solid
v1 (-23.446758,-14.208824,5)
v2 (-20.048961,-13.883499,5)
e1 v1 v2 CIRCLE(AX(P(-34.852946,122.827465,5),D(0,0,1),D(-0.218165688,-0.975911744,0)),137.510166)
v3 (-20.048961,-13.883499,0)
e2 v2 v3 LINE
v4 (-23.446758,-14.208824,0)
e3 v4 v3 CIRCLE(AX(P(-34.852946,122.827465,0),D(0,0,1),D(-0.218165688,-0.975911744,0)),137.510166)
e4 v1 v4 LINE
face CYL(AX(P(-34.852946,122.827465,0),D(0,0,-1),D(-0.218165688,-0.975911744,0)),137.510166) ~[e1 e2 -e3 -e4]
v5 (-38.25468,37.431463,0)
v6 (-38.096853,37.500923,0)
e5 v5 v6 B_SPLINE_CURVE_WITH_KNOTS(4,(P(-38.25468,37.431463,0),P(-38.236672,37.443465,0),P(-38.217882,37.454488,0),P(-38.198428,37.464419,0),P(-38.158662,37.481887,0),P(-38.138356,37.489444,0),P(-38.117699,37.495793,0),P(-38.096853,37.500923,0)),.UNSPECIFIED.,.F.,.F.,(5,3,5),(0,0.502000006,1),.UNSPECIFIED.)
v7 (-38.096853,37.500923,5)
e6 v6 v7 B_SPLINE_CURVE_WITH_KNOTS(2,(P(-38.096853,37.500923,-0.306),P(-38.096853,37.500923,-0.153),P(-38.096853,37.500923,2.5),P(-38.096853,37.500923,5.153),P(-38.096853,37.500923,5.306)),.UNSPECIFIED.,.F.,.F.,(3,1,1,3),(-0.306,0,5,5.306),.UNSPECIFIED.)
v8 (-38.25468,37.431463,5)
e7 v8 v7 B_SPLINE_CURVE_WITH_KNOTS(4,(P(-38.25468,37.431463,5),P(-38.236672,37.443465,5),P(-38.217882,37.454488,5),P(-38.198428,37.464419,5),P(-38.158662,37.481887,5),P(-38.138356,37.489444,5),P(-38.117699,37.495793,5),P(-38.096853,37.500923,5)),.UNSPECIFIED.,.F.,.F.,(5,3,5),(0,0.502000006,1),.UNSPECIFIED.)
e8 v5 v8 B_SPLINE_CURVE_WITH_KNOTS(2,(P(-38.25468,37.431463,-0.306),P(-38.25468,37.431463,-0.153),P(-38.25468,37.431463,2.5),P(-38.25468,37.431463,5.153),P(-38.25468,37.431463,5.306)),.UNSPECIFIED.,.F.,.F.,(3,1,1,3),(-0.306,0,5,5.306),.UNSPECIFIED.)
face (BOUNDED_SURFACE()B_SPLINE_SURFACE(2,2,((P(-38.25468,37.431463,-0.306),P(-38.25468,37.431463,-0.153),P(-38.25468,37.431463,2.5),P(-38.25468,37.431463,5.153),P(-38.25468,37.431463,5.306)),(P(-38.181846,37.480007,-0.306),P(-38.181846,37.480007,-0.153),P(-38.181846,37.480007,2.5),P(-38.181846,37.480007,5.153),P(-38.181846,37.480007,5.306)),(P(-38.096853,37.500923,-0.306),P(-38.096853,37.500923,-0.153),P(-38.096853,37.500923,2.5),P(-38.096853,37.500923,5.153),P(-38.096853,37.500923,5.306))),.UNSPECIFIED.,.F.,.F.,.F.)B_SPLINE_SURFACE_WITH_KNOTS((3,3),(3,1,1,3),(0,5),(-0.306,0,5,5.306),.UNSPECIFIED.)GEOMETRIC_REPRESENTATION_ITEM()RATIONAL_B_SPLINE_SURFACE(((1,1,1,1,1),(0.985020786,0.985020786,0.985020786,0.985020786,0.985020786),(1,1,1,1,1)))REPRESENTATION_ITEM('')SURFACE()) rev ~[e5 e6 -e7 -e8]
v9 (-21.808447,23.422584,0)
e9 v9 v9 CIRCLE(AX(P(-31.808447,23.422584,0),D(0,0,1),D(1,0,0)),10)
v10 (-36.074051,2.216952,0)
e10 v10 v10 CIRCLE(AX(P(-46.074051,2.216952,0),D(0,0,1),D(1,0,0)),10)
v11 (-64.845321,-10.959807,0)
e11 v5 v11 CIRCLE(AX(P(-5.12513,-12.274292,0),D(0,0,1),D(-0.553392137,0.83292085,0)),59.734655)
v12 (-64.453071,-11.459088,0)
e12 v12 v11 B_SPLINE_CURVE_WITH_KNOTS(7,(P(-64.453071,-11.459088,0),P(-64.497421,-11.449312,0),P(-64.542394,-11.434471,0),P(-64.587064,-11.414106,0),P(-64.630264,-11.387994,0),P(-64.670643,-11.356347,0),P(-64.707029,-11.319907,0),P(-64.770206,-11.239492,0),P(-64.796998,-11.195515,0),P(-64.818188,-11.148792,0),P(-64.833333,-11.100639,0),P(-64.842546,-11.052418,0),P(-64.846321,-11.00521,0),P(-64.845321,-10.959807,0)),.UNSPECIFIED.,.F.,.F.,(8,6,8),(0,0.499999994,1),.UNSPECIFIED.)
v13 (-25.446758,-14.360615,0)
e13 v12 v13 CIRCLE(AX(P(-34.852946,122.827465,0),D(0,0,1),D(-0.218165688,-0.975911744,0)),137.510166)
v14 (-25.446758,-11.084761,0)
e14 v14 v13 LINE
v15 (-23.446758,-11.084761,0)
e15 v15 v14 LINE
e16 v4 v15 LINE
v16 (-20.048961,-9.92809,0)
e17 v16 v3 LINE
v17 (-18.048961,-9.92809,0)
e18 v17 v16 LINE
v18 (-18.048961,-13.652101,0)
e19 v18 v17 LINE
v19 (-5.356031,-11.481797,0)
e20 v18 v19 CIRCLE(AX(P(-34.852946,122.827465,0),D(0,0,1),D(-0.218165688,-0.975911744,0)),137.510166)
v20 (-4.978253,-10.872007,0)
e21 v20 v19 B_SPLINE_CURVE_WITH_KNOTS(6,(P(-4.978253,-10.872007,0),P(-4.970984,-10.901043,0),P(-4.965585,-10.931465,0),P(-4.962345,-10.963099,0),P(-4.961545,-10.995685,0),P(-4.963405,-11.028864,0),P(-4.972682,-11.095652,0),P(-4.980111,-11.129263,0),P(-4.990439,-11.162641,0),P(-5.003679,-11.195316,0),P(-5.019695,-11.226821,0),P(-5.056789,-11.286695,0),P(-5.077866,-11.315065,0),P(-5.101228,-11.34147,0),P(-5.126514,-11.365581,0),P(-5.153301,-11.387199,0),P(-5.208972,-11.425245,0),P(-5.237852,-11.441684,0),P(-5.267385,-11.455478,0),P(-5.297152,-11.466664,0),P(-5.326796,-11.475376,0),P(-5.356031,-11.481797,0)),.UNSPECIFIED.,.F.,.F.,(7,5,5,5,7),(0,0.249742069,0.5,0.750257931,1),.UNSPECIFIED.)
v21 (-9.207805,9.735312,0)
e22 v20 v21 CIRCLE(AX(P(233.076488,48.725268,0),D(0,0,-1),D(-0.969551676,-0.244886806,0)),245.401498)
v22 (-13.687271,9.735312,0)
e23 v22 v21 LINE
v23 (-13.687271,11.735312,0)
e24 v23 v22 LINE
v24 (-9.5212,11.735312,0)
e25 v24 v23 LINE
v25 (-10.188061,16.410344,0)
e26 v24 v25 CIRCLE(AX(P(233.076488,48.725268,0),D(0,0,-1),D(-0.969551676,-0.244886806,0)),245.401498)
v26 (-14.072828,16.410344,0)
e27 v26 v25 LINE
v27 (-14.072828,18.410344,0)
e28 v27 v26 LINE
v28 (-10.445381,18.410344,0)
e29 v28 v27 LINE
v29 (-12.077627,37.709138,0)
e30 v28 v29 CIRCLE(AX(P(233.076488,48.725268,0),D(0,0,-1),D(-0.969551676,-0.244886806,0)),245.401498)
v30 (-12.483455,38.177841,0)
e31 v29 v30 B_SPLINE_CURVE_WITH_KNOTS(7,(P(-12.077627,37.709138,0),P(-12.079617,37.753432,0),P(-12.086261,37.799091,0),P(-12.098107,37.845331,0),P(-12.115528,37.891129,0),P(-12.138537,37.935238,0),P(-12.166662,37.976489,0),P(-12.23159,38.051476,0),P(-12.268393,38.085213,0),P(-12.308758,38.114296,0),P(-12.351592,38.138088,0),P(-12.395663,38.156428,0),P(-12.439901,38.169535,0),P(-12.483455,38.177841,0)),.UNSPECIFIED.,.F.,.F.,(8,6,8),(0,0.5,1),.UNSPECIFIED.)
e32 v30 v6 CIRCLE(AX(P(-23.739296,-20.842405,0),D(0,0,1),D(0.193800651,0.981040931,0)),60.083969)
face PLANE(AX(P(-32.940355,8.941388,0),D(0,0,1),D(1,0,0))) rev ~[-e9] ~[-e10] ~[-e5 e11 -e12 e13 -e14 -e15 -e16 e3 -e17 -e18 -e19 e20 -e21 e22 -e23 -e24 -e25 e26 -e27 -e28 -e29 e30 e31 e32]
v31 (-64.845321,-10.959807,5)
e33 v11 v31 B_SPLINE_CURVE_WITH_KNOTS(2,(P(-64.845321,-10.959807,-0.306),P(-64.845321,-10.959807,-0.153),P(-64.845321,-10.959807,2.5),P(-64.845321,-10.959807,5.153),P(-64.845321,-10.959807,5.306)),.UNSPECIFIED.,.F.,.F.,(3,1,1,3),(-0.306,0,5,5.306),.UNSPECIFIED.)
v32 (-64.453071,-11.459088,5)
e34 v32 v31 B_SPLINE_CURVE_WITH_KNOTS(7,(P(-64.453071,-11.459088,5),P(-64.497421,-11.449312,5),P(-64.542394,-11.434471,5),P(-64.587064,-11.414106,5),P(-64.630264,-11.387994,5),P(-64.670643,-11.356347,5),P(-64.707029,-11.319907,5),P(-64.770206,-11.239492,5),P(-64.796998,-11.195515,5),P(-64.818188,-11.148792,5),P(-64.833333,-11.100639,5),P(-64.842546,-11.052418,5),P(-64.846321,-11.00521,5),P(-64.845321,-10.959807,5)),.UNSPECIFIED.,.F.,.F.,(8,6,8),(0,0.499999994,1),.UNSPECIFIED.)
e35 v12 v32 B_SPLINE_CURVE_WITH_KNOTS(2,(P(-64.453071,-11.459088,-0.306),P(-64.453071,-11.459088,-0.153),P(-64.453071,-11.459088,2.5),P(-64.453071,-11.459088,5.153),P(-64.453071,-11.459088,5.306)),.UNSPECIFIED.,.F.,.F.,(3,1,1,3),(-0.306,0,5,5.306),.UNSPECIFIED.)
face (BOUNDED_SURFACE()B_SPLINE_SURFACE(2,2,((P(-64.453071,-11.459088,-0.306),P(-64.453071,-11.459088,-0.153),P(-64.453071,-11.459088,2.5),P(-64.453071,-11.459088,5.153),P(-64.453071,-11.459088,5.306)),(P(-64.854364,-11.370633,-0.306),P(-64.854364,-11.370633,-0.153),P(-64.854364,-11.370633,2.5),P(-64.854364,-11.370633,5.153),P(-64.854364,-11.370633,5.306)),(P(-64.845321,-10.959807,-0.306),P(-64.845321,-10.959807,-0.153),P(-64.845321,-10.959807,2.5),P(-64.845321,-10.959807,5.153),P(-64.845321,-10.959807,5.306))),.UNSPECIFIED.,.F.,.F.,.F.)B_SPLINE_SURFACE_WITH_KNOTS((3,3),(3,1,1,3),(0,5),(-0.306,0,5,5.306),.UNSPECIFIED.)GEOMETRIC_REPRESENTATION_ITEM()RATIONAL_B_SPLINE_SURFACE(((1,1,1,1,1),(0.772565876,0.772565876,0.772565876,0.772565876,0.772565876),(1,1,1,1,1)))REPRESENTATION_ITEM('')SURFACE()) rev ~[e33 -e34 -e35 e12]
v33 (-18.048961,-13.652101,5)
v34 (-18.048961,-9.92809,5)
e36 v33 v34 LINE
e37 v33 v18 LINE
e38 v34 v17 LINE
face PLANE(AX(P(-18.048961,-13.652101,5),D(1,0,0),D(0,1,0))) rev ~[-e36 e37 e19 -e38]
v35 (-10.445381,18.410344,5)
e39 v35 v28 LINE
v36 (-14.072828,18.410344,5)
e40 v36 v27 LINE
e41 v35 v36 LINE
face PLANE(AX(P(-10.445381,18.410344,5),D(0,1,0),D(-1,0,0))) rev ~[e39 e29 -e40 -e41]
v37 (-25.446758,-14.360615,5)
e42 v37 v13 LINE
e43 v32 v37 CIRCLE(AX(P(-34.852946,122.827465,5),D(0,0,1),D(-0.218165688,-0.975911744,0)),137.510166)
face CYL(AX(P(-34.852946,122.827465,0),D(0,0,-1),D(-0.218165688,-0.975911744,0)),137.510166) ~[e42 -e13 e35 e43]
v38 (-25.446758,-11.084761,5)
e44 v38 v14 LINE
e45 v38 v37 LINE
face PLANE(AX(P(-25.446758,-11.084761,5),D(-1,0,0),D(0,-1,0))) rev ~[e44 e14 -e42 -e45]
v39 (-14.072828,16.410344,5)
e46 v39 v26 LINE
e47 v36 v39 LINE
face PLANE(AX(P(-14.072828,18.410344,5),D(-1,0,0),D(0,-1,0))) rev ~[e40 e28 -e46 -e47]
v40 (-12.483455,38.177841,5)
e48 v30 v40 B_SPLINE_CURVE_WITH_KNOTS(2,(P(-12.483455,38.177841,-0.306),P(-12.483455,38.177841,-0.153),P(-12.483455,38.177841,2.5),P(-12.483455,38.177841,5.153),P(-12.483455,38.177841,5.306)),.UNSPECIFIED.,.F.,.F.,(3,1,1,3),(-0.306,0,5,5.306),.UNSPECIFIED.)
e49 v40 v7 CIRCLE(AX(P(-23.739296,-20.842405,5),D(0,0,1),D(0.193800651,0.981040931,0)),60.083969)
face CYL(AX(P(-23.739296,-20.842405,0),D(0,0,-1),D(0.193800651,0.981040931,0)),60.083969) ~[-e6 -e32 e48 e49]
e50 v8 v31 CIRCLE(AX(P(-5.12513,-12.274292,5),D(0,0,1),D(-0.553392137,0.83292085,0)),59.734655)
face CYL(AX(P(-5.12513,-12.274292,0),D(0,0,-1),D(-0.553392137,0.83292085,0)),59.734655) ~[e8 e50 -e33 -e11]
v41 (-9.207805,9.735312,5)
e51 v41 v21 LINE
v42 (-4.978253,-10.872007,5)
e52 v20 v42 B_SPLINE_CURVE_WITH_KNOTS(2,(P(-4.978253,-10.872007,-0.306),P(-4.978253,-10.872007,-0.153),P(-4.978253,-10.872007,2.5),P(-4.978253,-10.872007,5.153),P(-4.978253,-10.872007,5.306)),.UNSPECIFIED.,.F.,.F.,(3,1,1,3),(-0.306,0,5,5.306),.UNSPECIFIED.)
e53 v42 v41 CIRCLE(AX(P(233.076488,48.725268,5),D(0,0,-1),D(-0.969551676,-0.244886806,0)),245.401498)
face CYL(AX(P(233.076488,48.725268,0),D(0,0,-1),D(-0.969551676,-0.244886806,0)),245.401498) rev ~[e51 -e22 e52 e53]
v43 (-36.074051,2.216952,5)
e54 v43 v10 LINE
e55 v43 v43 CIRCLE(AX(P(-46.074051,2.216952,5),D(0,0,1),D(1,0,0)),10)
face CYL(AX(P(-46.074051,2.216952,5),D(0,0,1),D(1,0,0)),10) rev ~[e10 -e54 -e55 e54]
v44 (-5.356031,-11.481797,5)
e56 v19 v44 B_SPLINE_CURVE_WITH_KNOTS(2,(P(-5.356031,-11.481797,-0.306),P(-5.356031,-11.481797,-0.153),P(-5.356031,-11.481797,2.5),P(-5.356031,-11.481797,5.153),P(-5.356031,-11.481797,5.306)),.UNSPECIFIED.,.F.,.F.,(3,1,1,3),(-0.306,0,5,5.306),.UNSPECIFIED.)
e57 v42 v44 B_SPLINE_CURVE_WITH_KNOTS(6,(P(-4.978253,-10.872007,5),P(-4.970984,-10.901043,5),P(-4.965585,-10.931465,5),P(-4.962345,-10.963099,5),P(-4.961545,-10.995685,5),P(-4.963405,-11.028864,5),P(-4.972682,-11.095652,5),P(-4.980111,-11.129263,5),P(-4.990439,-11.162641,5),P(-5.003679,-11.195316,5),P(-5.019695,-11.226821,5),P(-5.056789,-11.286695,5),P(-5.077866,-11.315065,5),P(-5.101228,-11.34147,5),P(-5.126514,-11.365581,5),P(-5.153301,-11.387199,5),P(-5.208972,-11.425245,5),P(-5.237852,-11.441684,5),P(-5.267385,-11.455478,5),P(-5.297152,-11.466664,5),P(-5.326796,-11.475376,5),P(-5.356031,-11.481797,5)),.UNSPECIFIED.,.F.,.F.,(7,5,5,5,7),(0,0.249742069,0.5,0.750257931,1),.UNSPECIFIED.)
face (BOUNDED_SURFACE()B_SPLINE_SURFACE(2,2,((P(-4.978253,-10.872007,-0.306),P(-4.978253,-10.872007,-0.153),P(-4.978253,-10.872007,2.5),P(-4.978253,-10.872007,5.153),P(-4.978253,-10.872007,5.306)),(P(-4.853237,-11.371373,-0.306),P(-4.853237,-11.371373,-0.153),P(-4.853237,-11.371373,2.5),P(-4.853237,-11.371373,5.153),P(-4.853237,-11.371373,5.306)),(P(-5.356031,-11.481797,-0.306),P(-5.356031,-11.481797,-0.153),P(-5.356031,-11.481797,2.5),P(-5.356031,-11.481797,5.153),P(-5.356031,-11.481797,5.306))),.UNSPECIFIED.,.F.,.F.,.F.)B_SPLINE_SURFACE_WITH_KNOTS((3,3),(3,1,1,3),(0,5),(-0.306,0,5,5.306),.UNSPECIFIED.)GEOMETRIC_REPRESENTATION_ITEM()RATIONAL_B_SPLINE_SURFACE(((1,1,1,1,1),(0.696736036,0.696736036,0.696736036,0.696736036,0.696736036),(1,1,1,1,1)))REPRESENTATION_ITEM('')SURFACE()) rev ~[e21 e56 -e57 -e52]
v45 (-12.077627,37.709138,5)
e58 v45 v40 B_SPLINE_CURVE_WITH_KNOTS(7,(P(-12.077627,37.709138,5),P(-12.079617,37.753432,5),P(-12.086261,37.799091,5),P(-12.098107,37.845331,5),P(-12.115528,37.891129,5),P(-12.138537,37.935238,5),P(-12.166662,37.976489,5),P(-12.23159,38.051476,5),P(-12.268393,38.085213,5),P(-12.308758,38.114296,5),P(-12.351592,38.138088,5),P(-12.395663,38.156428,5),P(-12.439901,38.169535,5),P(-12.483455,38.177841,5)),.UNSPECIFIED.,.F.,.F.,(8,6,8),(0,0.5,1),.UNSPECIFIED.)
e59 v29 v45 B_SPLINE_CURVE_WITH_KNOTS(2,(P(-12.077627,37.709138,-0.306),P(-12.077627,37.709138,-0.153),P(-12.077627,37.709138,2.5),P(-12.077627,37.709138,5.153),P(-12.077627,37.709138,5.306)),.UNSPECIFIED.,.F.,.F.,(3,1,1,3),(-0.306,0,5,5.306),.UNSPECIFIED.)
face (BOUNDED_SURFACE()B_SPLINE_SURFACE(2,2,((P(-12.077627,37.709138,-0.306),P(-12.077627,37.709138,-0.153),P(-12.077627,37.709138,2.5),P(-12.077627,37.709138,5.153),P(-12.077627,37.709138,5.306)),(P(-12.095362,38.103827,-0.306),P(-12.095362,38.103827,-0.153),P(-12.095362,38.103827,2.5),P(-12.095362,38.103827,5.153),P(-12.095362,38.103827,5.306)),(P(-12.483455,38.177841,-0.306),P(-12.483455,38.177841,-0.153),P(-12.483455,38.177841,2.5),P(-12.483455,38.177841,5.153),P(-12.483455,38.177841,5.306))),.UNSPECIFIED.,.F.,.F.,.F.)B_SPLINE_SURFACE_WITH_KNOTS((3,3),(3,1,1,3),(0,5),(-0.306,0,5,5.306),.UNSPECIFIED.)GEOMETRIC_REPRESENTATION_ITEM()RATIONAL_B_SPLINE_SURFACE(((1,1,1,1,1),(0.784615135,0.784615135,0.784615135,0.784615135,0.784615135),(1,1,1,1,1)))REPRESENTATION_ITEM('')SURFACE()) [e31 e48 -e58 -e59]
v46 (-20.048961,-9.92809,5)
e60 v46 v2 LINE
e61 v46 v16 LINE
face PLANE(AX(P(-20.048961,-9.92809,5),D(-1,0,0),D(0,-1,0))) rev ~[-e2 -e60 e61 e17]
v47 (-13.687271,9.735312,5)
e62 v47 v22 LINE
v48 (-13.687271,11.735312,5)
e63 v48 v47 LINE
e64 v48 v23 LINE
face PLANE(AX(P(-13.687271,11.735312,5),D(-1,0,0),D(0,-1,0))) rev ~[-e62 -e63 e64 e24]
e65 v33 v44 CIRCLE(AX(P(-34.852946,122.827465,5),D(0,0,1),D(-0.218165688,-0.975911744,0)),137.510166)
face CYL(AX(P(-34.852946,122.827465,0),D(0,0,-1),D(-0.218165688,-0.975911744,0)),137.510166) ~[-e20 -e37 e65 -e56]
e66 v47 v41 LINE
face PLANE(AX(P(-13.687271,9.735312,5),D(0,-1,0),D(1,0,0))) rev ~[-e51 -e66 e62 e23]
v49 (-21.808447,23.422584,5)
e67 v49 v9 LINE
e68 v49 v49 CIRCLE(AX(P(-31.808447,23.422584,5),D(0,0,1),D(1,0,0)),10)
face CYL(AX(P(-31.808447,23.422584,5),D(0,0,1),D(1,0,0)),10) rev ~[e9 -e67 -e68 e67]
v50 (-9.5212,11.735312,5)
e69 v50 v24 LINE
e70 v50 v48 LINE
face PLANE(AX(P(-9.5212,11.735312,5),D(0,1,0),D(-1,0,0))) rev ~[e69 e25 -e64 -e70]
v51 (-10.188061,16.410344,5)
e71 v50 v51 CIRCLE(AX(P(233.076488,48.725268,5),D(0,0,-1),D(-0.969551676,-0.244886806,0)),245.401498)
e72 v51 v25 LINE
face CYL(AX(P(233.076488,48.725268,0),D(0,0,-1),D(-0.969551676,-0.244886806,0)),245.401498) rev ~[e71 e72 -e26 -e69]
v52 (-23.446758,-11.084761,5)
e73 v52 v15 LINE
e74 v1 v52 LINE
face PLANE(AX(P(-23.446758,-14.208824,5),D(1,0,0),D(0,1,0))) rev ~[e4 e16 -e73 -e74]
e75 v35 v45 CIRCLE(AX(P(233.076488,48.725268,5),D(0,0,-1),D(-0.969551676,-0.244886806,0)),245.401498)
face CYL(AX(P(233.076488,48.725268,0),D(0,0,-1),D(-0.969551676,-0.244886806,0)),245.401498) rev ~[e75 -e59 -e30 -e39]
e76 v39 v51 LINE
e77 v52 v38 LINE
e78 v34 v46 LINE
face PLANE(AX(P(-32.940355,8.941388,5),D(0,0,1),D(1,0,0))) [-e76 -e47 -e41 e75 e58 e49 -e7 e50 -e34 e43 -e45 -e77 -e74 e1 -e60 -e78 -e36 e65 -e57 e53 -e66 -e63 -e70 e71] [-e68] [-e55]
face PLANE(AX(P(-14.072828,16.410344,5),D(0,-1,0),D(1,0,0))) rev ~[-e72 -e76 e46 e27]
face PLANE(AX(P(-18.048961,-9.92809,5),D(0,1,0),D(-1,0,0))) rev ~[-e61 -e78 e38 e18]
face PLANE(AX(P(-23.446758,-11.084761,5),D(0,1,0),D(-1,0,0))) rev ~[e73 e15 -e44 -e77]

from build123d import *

# Parameters (mm, degrees)
F1_DEPTH = 5
F3_DEPTH = 25
F5_R     = 10
F6_DEPTH = 40.2
F7_R     = 0.5


with BuildPart() as f1:
    # F0 (on Top) → F1 (new body)
    with BuildSketch(Plane.XY):
        with BuildLine():
            ThreePointArc((-4.8529455066, -11.3703208044), (-9.7372457817, 13.1811290021), (-12.094983449, 38.1024281231))
            ThreePointArc((-12.094983449, 38.1024281231), (-25.1726018808, 39.2244660439), (-38.1818190217, 37.4799482524))
            ThreePointArc((-38.1818190217, 37.4799482524), (-57.5543992317, 16.3508865245), (-64.8529455066, -11.3703208044))
            ThreePointArc((-64.8529455066, -11.3703208044), (-34.8529455066, -14.6827008575), (-4.8529455066, -11.3703208044))
        make_face()
    extrude(amount=F1_DEPTH)

    # F2 (on face) → F3 (cut)
    with BuildSketch(Plane.XY.offset(5)):
        with BuildLine():
            Line((-10.445380618, 18.4103436768), (-14.0728279948, 18.4103436768))
            Line((-14.0728279948, 18.4103436768), (-14.0728279948, 16.4103436768))
            Line((-14.0728279948, 16.4103436768), (-10.1880609939, 16.4103436768))
            ThreePointArc((-10.1880609939, 16.4103436768), (-10.3187750863, 17.4100793735), (-10.445380618, 18.4103436768))
        make_face()
        with BuildLine():
            ThreePointArc((-9.2078046903, 9.7353123128), (-9.3665647814, 10.7349891474), (-9.521200175, 11.7353123128))
            Line((-9.521200175, 11.7353123128), (-13.6872706935, 11.7353123128))
            Line((-13.6872706935, 11.7353123128), (-13.6872706935, 9.7353123128))
            Line((-13.6872706935, 9.7353123128), (-9.2078046903, 9.7353123128))
        make_face()
        with BuildLine():
            Line((-25.4467576742, -11.0847614706), (-25.4467576742, -14.3606151844))
            ThreePointArc((-25.4467576742, -14.3606151844), (-24.4464809139, -14.2883663577), (-23.4467576742, -14.2088243302))
            Line((-23.4467576742, -14.2088243302), (-23.4467576742, -11.0847614706))
            Line((-23.4467576742, -11.0847614706), (-25.4467576742, -11.0847614706))
        make_face()
        with BuildLine():
            ThreePointArc((-20.0489610434, -13.8834992945), (-19.0485375374, -13.7714603365), (-18.0489610434, -13.6521005786))
            Line((-18.0489610434, -13.6521005786), (-18.0489610434, -9.9280904979))
            Line((-18.0489610434, -9.9280904979), (-20.0489610434, -9.9280904979))
            Line((-20.0489610434, -9.9280904979), (-20.0489610434, -13.8834992945))
        make_face()
    extrude(amount=-F3_DEPTH, mode=Mode.SUBTRACT)

    # F5 (on face) → F6 (cut)
    with BuildSketch(Plane.XY.offset(5)):
        with Locations((-46.07405141, 2.2169523872)):
            Circle(F5_R)
        with Locations((-31.8084470928, 23.4225839376)):
            Circle(F5_R)
    extrude(amount=-F6_DEPTH, mode=Mode.SUBTRACT)

    # F7
    f7_edges = [f1.edges().sort_by_distance(p)[0] for p in [
        (-4.852946, -11.370321, 2.5),
        (-64.852946, -11.370321, 2.5),
        (-12.094983, 38.102428, 2.5),
        (-38.181819, 37.479948, 2.5),
    ]]
    fillet(f7_edges, radius=F7_R)


solid = f1.part
